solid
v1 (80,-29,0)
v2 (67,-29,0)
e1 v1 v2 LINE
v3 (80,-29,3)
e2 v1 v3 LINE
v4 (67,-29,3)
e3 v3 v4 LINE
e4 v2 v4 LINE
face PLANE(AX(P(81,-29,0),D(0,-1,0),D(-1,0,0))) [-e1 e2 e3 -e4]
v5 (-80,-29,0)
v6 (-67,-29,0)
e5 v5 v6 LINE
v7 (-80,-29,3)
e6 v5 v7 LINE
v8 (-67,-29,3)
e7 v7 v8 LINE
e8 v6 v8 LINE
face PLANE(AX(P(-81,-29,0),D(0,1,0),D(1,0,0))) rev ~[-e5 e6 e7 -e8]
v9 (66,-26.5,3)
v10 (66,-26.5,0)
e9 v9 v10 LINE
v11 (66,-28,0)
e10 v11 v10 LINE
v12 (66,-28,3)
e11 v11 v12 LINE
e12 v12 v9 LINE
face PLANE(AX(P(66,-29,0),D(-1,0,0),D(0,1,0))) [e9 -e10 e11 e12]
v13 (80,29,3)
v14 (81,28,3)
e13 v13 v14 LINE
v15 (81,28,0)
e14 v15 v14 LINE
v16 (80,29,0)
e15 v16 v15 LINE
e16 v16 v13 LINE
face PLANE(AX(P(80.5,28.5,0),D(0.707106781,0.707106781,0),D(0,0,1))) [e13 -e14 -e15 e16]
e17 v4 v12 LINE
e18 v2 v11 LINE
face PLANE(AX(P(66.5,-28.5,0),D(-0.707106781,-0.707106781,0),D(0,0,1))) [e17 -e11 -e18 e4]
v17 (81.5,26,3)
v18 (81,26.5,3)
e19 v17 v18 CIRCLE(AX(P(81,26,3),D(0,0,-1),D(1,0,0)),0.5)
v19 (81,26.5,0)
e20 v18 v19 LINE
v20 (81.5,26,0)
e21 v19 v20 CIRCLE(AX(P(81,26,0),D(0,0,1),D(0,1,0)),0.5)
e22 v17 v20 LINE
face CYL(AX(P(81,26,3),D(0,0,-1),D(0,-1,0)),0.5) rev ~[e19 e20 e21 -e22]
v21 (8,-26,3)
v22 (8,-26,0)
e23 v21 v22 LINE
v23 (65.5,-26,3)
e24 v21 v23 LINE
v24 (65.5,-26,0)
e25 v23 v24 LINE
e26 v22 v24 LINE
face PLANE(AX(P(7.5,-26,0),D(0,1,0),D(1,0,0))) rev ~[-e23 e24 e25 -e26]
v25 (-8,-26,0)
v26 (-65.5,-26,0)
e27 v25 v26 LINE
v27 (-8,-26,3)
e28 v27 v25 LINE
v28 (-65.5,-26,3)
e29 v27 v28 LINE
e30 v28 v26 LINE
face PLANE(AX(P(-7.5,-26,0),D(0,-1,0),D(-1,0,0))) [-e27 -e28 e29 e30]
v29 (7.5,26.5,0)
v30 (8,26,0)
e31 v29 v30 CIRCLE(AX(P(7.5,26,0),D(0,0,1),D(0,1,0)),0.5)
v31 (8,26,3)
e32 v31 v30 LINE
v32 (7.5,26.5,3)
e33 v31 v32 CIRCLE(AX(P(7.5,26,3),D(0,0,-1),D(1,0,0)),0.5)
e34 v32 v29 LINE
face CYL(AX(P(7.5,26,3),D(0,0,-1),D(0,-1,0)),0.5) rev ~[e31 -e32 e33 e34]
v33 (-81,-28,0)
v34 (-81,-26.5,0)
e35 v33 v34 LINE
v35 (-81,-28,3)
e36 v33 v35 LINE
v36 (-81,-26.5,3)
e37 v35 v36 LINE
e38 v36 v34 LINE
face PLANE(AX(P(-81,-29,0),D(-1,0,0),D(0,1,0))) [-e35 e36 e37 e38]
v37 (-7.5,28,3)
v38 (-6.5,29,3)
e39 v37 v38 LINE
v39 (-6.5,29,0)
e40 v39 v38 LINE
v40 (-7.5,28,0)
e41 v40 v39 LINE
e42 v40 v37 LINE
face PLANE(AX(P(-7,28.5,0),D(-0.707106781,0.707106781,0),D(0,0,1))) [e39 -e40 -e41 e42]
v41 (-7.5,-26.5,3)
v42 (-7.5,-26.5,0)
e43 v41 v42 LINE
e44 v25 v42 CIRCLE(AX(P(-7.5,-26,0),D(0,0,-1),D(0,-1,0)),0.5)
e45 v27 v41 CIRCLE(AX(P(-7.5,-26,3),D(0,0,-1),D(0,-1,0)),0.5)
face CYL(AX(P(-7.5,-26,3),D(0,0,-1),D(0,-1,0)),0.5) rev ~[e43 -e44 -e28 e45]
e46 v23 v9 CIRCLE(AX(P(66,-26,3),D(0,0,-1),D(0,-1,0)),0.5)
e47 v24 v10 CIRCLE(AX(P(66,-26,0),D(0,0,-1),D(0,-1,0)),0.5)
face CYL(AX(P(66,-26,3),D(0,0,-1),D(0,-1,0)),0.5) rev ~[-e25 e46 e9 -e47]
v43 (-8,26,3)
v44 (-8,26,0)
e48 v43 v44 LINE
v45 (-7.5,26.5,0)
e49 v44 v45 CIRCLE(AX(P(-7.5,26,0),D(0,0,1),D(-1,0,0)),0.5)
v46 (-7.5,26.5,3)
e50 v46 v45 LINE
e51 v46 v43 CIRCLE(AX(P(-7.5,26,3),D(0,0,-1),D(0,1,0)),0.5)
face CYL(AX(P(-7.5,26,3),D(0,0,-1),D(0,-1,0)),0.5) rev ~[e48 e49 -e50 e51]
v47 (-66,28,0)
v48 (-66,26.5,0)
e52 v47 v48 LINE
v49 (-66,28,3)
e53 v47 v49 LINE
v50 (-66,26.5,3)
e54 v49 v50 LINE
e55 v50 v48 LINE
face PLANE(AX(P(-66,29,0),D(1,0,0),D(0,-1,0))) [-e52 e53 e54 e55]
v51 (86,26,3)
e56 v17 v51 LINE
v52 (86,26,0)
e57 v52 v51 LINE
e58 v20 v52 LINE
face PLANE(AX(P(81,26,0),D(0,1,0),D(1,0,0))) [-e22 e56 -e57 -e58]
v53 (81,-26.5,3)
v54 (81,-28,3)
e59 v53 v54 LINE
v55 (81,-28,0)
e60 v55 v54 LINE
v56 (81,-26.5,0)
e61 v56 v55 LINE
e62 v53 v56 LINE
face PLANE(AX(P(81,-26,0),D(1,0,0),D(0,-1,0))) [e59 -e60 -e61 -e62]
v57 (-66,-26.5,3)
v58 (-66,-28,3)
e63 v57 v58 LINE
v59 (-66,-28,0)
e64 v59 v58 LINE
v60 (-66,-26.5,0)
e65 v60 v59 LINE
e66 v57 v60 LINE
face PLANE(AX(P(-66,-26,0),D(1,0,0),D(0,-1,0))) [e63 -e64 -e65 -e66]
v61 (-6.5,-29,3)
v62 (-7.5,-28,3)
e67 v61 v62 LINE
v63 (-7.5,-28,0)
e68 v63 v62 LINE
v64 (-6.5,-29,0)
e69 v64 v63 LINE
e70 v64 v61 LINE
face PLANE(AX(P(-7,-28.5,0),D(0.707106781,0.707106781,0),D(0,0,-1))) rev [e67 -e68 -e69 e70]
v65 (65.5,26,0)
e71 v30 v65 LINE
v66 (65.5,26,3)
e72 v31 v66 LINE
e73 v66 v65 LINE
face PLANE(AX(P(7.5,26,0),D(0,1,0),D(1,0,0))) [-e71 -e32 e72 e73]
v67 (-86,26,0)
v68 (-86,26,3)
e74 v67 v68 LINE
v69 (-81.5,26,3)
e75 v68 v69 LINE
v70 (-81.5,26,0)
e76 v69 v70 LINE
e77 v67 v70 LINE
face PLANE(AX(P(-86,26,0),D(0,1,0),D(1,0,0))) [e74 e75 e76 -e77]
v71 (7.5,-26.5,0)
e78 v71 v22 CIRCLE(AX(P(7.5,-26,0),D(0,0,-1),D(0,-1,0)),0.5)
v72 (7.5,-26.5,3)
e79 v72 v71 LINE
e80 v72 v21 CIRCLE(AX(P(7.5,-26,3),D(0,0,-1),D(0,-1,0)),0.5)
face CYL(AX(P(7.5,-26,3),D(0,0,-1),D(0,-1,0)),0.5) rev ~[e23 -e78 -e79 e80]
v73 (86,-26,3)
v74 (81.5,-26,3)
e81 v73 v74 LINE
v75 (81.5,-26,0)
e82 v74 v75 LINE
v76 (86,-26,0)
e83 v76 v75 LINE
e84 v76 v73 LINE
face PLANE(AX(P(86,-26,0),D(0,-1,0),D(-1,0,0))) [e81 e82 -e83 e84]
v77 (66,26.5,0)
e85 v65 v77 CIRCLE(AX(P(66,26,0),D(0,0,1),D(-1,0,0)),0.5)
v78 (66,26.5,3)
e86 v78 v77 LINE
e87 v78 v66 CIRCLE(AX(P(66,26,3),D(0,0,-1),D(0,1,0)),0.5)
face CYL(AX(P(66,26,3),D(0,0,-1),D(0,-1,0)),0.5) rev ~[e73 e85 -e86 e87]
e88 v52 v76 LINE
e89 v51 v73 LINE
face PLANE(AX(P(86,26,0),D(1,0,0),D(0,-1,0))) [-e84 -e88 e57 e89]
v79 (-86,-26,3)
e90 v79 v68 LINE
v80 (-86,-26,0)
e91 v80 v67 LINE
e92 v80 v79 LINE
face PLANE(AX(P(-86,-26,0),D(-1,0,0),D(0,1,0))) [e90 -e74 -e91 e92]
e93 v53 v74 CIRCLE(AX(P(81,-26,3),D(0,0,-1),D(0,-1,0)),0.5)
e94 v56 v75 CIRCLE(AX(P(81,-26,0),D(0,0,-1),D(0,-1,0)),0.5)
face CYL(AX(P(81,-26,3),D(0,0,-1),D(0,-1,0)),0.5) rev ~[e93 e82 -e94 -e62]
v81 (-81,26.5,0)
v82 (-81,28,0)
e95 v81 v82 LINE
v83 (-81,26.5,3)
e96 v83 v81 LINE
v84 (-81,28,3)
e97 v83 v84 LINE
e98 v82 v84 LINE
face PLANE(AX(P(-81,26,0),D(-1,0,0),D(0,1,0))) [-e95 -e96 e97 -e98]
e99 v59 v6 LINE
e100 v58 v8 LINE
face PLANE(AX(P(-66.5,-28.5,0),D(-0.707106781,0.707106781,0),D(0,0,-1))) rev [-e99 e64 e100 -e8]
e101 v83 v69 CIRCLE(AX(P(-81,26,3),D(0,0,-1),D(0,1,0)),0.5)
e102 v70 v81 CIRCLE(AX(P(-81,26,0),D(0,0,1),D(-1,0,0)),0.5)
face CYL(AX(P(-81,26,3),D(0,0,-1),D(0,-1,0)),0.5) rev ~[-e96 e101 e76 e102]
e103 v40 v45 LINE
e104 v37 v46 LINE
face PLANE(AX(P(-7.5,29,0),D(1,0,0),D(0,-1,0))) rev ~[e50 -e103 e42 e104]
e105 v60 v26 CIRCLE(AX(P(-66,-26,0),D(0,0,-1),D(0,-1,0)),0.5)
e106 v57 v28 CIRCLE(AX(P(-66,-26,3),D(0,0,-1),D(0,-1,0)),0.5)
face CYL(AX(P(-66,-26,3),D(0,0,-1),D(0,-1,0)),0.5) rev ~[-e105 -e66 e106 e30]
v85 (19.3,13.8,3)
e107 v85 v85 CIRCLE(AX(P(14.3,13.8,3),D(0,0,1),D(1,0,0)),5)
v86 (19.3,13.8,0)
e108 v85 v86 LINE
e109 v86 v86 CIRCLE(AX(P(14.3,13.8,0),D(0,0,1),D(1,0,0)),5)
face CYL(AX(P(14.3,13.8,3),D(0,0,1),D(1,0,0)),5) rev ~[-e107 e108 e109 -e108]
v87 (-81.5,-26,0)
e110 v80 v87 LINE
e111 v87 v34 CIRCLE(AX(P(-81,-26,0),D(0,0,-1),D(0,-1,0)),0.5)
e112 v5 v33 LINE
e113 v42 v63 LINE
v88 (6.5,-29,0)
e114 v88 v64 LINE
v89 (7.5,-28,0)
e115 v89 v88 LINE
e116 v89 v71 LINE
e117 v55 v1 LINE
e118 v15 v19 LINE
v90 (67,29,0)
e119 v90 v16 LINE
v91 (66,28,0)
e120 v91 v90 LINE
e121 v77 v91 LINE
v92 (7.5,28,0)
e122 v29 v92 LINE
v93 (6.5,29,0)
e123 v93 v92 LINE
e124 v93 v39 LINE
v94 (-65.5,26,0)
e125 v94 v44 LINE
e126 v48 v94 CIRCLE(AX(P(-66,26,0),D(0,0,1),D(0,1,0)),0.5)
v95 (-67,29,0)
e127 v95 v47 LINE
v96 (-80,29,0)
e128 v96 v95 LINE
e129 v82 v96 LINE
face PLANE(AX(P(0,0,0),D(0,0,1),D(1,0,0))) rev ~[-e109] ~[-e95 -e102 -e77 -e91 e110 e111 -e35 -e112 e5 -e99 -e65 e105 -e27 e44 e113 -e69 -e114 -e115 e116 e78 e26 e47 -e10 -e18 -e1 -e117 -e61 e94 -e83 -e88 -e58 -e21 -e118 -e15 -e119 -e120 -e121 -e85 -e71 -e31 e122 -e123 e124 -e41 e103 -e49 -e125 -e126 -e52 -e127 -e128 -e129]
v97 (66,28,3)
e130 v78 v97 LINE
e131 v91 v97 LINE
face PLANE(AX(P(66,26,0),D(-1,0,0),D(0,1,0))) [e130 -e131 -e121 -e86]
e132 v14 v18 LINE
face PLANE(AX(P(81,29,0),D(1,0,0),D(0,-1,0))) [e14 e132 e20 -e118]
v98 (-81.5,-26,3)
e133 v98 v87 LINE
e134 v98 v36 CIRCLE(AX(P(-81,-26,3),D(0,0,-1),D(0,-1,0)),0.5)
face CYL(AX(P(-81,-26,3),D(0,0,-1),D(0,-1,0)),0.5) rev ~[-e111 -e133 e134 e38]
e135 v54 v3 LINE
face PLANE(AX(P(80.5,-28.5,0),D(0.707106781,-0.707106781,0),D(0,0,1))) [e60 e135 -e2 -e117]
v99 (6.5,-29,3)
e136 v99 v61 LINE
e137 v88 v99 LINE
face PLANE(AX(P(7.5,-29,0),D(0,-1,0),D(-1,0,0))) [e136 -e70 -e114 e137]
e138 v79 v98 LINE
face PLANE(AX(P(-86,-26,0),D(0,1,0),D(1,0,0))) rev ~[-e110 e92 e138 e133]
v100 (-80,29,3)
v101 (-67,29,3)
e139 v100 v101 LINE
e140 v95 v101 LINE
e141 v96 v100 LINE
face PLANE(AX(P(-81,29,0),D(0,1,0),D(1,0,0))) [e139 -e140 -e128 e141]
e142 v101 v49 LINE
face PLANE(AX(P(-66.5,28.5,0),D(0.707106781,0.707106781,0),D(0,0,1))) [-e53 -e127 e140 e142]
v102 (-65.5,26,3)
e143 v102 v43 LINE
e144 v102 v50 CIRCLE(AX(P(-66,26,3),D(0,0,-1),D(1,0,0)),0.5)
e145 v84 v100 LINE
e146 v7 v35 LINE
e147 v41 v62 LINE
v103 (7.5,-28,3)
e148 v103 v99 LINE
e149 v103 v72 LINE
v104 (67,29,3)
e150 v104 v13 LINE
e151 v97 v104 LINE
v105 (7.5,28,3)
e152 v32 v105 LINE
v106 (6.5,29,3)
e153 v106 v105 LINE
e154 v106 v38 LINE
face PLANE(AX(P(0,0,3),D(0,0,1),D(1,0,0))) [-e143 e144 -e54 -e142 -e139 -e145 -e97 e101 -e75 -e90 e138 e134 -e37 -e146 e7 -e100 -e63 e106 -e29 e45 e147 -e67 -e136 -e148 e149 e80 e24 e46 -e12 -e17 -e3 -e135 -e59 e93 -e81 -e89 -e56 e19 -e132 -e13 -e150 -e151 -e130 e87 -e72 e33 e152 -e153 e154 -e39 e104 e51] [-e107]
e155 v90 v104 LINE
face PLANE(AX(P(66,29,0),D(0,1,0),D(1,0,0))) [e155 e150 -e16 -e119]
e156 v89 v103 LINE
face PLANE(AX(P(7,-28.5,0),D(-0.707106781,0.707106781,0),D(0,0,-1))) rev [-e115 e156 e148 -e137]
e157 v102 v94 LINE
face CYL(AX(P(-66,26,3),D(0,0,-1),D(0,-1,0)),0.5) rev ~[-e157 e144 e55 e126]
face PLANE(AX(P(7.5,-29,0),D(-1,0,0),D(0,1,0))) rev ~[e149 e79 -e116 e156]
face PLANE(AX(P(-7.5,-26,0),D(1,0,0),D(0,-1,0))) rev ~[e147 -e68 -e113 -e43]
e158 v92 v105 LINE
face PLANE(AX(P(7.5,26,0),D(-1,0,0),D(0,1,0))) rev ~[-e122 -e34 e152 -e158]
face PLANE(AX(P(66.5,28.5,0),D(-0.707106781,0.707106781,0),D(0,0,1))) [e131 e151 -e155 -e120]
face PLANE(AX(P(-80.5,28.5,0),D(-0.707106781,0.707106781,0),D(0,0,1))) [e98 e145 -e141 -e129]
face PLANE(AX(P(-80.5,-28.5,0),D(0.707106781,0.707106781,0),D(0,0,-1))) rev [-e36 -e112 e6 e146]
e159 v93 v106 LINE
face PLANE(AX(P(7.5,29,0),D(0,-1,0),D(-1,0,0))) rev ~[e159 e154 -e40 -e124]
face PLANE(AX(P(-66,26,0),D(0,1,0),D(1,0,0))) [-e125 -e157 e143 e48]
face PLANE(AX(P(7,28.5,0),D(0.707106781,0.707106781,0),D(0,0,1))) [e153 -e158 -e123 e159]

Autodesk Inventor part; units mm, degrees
ref_plane "Plan YZ" through (0, 0, 0) normal (1, 0, 0) x (0, 1, 0)
ref_plane "Plan XZ" through (0, 0, 0) normal (0, 1, 0) x (-1, 0, 0)
ref_plane "Plan XY" through (0, 0, 0) normal (0, 0, 1) x (1, 0, 0)
sketch "Esquisse12" plane through (0, 0, 0) normal (0, 0, 1) x (1, 0, 0)
  line L0 (-86, -26) -> (-86, 26)
  line L1 (-86, 26) -> (-81, 26)
  line L2 (-81, 26) -> (-81, 29)
  line L3 (-81, 29) -> (-66, 29)
  line L4 (-66, 29) -> (-66, 26)
  line L5 (7.5, 26) -> (7.5, 29)
  line L6 (7.5, 29) -> (-7.5, 29)
  line L7 (-7.5, 29) -> (-7.5, 26)
  line L8 (66, 26) -> (66, 29)
  line L9 (66, 29) -> (81, 29)
  line L10 (81, 29) -> (81, 26)
  line L11 (81, 26) -> (86, 26)
  line L12 (86, 26) -> (86, -26)
  line L13 (86, -26) -> (81, -26)
  line L14 (81, -26) -> (81, -29)
  line L15 (81, -29) -> (66, -29)
  line L16 (66, -29) -> (66, -26)
  line L17 (-7.5, -26) -> (-7.5, -29)
  line L18 (7.5, -29) -> (7.5, -26)
  line L19 (-66, -26) -> (-66, -29)
  line L20 (-81, -29) -> (-81, -26)
  line L21 (-86, -26) -> (-81, -26)
  line L22 (-81, -29) -> (-66, -29)
  line L23 (7.5, -29) -> (-7.5, -29)
  line L24 (-66, 26) -> (-7.5, 26)
  line L25 (7.5, 26) -> (66, 26)
  line L26 (7.5, -26) -> (66, -26)
  line L27 (-7.5, -26) -> (-66, -26)
  line L28 (-120.4, 0) -> (120.4, 0) construction
  line L29 (0, -40.6) -> (0, 40.6) construction
  point P0 (0, 0)
  dimension "d86" = 52
  dimension "d87" = 3
  dimension "d88" = 5
  dimension "d90" = 15
  dimension "d112" = 172
extrude "Extrusion5" add sketch "Esquisse12" along normal blind 3
sketch "Esquisse13" plane through (0, 0, 3) normal (0, 0, 1) x (1, 0, 0)
  point P0 (0, 0)
  point P1 (-81, 26)
  point P2 (-66, 26)
  point P3 (-81, -26)
  point P4 (-66, -26)
  point P5 (-7.5, -26)
  point P6 (7.5, -26)
  point P7 (66, -26)
  point P8 (81, -26)
  point P9 (81, 26)
  point P10 (66, 26)
  point P11 (-7.5, 26)
  point P12 (7.5, 26)
hole "Perçage6" at (-81, 26, 3) at (-66, 26, 3) at (-81, -26, 3) at (-66, -26, 3) at (-7.5, -26, 3) at (7.5, -26, 3) at (66, -26, 3) at (81, -26, 3) at (81, 26, 3) at (66, 26, 3) at (-7.5, 26, 3) at (7.5, 26, 3) direction (0, 0, -1) diameter 1 end through all
chamfer "Chanfrein3" distance 1 angle 45 12 edges at (-81, 29, 1.5) (-66, 29, 1.5) (-7.5, 29, 1.5) (7.5, 29, 1.5) (66, 29, 1.5) (81, 29, 1.5) (-81, -29, 1.5) (-66, -29, 1.5) (-7.5, -29, 1.5) (7.5, -29, 1.5) (66, -29, 1.5) (81, -29, 1.5)
sketch "Esquisse14" plane through (0, 0, 3) normal (0, 0, 1) x (1, 0, 0)
  circle A0 centre (14.3, 13.8) radius 5
  line L0 (-86, -26) -> (-86, 26) projected
  line L1 (65.5, -26) -> (8, -26) projected
  point P0 (0, 0)
  dimension "d107" = 100.3
  dimension "d108" = 39.8
  dimension "d109" = 10
extrude "Extrusion6" cut sketch "Esquisse14" against normal through all
properties part number "P1704_203" material "Plastique PMMA"
